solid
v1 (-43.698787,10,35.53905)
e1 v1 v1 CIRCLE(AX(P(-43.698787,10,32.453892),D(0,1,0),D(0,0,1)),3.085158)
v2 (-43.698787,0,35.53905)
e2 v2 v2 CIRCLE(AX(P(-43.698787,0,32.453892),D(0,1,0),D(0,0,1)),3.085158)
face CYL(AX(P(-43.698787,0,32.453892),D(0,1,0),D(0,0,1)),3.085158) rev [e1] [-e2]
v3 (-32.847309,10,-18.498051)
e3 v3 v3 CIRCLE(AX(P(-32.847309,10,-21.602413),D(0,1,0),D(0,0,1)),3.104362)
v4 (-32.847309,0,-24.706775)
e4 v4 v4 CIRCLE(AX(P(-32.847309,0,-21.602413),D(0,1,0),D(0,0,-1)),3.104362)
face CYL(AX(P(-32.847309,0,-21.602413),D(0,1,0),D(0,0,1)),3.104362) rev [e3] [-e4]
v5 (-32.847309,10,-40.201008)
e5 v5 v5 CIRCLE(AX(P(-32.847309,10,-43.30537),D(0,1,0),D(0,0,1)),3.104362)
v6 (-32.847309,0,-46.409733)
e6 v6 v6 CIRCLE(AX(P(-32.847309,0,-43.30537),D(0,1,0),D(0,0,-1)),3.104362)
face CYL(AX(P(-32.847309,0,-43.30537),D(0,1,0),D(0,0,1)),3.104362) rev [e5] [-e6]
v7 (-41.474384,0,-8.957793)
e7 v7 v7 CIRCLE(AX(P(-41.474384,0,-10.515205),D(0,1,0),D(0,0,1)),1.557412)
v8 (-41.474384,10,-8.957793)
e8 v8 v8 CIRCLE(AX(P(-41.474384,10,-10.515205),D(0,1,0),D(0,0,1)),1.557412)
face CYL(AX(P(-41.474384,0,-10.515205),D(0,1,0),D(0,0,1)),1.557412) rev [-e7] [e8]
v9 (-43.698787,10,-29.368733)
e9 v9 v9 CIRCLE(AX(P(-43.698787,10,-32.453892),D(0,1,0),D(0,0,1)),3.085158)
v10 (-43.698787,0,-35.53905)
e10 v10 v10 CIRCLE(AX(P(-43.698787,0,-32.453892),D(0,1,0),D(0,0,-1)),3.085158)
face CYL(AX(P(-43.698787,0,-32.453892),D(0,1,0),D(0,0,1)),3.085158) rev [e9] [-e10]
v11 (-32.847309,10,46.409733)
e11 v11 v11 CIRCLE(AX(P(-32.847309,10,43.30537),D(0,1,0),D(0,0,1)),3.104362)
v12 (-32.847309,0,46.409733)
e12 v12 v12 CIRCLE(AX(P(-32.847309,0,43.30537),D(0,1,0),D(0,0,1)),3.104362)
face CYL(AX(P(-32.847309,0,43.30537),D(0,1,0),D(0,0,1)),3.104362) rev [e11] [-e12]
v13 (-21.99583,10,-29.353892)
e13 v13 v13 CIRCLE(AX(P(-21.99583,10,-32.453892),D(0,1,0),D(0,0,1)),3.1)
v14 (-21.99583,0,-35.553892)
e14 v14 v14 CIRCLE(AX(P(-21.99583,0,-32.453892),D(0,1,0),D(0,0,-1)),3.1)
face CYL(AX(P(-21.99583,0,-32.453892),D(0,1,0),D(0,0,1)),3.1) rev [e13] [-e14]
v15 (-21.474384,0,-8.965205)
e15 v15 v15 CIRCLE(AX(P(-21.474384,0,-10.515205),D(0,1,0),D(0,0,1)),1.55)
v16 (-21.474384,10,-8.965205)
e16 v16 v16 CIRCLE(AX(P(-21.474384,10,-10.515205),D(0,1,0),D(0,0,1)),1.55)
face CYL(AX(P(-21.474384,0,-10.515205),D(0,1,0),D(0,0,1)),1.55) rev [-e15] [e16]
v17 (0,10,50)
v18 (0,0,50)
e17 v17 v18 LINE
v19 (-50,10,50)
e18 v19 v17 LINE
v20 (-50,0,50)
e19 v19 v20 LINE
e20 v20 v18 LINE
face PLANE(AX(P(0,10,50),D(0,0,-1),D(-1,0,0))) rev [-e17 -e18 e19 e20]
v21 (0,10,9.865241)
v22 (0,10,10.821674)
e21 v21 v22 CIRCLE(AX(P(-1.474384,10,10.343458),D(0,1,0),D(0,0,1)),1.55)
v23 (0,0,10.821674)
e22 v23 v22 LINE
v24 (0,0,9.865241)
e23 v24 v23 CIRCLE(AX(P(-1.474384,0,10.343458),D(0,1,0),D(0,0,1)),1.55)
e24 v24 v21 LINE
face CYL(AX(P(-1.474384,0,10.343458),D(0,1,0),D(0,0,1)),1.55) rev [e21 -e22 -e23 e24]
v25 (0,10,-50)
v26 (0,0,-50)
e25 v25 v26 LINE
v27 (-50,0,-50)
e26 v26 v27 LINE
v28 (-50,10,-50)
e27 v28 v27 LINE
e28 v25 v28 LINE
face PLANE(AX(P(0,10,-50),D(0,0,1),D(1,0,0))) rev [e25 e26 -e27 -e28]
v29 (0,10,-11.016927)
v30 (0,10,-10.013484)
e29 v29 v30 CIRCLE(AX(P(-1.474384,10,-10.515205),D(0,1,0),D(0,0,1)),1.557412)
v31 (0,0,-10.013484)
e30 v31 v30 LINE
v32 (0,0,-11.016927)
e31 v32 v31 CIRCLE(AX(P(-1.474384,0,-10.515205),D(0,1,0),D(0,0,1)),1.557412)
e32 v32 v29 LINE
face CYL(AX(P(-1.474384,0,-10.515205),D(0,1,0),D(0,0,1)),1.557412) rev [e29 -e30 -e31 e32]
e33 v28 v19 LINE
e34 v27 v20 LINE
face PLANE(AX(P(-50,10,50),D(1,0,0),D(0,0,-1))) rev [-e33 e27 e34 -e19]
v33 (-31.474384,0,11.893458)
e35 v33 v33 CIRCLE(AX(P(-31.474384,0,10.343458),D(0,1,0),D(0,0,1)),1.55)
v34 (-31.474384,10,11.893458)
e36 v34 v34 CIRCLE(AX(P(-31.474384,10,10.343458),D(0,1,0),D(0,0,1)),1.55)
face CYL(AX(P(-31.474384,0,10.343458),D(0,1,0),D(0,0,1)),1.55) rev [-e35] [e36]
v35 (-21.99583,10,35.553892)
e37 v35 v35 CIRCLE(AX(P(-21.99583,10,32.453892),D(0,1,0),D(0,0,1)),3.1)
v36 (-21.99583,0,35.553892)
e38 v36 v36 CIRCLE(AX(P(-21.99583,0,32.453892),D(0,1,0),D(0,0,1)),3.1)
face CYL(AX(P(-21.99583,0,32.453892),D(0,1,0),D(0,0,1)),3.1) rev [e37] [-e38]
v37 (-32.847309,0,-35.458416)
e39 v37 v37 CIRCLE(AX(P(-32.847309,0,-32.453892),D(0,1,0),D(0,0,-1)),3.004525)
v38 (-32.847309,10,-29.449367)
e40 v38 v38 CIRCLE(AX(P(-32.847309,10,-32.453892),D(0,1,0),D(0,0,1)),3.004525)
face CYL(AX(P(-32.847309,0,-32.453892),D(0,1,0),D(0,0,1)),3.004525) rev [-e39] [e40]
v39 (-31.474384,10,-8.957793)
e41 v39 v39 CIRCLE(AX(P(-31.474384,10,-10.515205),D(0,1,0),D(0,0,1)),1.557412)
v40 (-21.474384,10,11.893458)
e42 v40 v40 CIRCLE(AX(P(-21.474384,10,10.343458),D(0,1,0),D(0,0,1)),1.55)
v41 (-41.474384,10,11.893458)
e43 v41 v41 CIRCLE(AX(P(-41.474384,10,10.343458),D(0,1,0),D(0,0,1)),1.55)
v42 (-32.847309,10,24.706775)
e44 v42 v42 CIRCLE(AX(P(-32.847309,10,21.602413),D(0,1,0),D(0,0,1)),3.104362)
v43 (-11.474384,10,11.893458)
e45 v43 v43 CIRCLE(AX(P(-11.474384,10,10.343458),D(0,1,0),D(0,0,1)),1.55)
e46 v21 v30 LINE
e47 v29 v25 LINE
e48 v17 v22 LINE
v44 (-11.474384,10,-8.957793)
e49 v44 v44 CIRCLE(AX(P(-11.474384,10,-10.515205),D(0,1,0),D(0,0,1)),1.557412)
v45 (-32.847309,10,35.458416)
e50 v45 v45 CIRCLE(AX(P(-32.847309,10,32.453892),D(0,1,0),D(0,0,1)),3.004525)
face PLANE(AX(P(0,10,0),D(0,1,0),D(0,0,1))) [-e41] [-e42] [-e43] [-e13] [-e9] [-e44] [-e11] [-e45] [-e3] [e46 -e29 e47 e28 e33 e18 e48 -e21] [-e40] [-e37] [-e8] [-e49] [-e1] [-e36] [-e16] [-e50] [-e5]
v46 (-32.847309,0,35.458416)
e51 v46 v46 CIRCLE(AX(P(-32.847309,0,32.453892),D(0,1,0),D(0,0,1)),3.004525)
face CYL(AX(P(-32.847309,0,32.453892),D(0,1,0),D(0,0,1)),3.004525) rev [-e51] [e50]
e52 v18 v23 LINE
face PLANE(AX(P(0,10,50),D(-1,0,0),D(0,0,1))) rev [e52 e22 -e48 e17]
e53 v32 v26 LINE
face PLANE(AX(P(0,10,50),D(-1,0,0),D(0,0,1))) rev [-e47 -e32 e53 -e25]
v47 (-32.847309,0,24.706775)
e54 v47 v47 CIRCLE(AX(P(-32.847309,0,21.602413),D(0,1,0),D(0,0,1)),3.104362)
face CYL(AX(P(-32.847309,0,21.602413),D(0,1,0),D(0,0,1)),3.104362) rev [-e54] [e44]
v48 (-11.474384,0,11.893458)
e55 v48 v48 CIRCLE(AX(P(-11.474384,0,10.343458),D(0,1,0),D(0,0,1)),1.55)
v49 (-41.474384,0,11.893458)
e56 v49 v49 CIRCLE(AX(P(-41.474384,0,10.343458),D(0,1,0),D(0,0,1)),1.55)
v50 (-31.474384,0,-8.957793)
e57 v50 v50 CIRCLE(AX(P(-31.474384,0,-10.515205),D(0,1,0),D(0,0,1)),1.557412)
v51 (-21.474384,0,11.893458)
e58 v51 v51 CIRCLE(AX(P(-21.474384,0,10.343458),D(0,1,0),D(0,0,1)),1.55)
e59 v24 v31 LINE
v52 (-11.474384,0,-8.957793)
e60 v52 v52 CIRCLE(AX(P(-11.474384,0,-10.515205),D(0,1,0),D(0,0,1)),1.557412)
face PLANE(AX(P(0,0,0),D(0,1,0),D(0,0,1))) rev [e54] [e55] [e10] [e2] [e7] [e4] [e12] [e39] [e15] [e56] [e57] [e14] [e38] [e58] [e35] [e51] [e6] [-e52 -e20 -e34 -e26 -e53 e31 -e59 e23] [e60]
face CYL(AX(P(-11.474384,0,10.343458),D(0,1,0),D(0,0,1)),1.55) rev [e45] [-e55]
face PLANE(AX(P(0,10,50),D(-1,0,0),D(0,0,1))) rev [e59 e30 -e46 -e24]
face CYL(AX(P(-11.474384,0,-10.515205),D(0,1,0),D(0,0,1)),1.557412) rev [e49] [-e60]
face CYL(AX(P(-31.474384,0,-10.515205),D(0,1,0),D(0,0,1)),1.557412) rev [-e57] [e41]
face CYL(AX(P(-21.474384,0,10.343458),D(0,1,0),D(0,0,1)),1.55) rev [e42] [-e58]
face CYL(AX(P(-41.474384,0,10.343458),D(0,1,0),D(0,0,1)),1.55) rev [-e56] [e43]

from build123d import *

# Parameters (mm, degrees)
SKETCH1_W               = 50
SKETCH1_H               = 100
BOSS_EXTRUDE1_DEPTH     = 10
CUT_EXTRUDE1_DEPTH      = 72.414284285
CUT_EXTRUDE1_DEPTH_BACK = 72.414284285
SKETCH2_R               = 3.104362215
SKETCH2_R_2             = 3.085158395
SKETCH2_R_3             = 3.1
SKETCH2_R_4             = 3.004524649
CUT_EXTRUDE2_DEPTH      = 72.414284285
CUT_EXTRUDE2_DEPTH_BACK = 72.414284285
SKETCH4_R               = 1.557412487
SKETCH4_R_2             = 1.55


with BuildPart() as part:
    # Sketch1 → Boss-Extrude1 (new body)
    with BuildSketch(Plane(origin=(0, 0, 0), x_dir=(1, 0, 0), z_dir=(0, 1, 0))):
        with Locations((-25, 0)):
            Rectangle(SKETCH1_W, SKETCH1_H)
    extrude(amount=BOSS_EXTRUDE1_DEPTH)

    # Sketch2 → Cut-Extrude1 (cut, two sides: drawn at the far end of the back side and taken through both)
    with BuildSketch(Plane(origin=(0, 10, 0), x_dir=(1, 0, 0), z_dir=(0, 1, 0)).offset(-CUT_EXTRUDE1_DEPTH_BACK)):
        with Locations(Location((-32.847308623, -43.305370298, 0), (0, 0, 270))):
            Circle(SKETCH2_R)
        with Locations(Location((-43.698787397, -32.453891525, 0), (0, 0, 270))):
            Circle(SKETCH2_R_2)
        with Locations(Location((-21.99582985, -32.453891525, 0), (0, 0, 270))):
            Circle(SKETCH2_R_3)
        with Locations(Location((-32.847308623, -21.602412752, 0), (0, 0, 270))):
            Circle(SKETCH2_R)
        with Locations(Location((-32.847308623, -32.453891525, 0), (0, 0, 270))):
            Circle(SKETCH2_R_4)
        with Locations(Location((-32.847308623, 32.453891525, 0), (0, 0, 270))):
            Circle(SKETCH2_R_4)
        with Locations(Location((-32.847308623, 21.602412752, 0), (0, 0, 270))):
            Circle(SKETCH2_R)
        with Locations(Location((-21.99582985, 32.453891525, 0), (0, 0, 270))):
            Circle(SKETCH2_R_3)
        with Locations(Location((-43.698787397, 32.453891525, 0), (0, 0, 270))):
            Circle(SKETCH2_R_2)
        with Locations(Location((-32.847308623, 43.305370298, 0), (0, 0, 270))):
            Circle(SKETCH2_R)
    extrude(amount=CUT_EXTRUDE1_DEPTH + CUT_EXTRUDE1_DEPTH_BACK, mode=Mode.SUBTRACT)

    # Sketch4 → Cut-Extrude2 (cut, two sides: drawn at the far end of the back side and taken through both)
    with BuildSketch(Plane(origin=(0, 10, 0), x_dir=(1, 0, 0), z_dir=(0, 1, 0)).offset(-CUT_EXTRUDE2_DEPTH_BACK)):
        with Locations(Location((-41.474384237, 10.515205344, 0), (0, 0, 270))):
            Circle(SKETCH4_R)
        with Locations(Location((-41.474384237, -10.343457517, 0), (0, 0, 270))):
            Circle(SKETCH4_R_2)
        with Locations(Location((-31.474384237, -10.343457517, 0), (0, 0, 270))):
            Circle(SKETCH4_R_2)
        with Locations(Location((-31.474384237, 10.515205344, 0), (0, 0, 270))):
            Circle(SKETCH4_R)
        with Locations(Location((-21.474384237, 10.515205344, 0), (0, 0, 270))):
            Circle(SKETCH4_R_2)
        with Locations(Location((-21.474384237, -10.343457517, 0), (0, 0, 270))):
            Circle(SKETCH4_R_2)
        with Locations(Location((-11.474384237, -10.343457517, 0), (0, 0, 270))):
            Circle(SKETCH4_R_2)
        with Locations((-1.474384237, -10.343457517)):
            Circle(SKETCH4_R_2)
        with Locations(Location((-11.474384237, 10.515205344, 0), (0, 0, 270))):
            Circle(SKETCH4_R)
        with Locations((-1.474384237, 10.515205344)):
            Circle(SKETCH4_R)
    extrude(amount=CUT_EXTRUDE2_DEPTH + CUT_EXTRUDE2_DEPTH_BACK, mode=Mode.SUBTRACT)


solid = part.part
